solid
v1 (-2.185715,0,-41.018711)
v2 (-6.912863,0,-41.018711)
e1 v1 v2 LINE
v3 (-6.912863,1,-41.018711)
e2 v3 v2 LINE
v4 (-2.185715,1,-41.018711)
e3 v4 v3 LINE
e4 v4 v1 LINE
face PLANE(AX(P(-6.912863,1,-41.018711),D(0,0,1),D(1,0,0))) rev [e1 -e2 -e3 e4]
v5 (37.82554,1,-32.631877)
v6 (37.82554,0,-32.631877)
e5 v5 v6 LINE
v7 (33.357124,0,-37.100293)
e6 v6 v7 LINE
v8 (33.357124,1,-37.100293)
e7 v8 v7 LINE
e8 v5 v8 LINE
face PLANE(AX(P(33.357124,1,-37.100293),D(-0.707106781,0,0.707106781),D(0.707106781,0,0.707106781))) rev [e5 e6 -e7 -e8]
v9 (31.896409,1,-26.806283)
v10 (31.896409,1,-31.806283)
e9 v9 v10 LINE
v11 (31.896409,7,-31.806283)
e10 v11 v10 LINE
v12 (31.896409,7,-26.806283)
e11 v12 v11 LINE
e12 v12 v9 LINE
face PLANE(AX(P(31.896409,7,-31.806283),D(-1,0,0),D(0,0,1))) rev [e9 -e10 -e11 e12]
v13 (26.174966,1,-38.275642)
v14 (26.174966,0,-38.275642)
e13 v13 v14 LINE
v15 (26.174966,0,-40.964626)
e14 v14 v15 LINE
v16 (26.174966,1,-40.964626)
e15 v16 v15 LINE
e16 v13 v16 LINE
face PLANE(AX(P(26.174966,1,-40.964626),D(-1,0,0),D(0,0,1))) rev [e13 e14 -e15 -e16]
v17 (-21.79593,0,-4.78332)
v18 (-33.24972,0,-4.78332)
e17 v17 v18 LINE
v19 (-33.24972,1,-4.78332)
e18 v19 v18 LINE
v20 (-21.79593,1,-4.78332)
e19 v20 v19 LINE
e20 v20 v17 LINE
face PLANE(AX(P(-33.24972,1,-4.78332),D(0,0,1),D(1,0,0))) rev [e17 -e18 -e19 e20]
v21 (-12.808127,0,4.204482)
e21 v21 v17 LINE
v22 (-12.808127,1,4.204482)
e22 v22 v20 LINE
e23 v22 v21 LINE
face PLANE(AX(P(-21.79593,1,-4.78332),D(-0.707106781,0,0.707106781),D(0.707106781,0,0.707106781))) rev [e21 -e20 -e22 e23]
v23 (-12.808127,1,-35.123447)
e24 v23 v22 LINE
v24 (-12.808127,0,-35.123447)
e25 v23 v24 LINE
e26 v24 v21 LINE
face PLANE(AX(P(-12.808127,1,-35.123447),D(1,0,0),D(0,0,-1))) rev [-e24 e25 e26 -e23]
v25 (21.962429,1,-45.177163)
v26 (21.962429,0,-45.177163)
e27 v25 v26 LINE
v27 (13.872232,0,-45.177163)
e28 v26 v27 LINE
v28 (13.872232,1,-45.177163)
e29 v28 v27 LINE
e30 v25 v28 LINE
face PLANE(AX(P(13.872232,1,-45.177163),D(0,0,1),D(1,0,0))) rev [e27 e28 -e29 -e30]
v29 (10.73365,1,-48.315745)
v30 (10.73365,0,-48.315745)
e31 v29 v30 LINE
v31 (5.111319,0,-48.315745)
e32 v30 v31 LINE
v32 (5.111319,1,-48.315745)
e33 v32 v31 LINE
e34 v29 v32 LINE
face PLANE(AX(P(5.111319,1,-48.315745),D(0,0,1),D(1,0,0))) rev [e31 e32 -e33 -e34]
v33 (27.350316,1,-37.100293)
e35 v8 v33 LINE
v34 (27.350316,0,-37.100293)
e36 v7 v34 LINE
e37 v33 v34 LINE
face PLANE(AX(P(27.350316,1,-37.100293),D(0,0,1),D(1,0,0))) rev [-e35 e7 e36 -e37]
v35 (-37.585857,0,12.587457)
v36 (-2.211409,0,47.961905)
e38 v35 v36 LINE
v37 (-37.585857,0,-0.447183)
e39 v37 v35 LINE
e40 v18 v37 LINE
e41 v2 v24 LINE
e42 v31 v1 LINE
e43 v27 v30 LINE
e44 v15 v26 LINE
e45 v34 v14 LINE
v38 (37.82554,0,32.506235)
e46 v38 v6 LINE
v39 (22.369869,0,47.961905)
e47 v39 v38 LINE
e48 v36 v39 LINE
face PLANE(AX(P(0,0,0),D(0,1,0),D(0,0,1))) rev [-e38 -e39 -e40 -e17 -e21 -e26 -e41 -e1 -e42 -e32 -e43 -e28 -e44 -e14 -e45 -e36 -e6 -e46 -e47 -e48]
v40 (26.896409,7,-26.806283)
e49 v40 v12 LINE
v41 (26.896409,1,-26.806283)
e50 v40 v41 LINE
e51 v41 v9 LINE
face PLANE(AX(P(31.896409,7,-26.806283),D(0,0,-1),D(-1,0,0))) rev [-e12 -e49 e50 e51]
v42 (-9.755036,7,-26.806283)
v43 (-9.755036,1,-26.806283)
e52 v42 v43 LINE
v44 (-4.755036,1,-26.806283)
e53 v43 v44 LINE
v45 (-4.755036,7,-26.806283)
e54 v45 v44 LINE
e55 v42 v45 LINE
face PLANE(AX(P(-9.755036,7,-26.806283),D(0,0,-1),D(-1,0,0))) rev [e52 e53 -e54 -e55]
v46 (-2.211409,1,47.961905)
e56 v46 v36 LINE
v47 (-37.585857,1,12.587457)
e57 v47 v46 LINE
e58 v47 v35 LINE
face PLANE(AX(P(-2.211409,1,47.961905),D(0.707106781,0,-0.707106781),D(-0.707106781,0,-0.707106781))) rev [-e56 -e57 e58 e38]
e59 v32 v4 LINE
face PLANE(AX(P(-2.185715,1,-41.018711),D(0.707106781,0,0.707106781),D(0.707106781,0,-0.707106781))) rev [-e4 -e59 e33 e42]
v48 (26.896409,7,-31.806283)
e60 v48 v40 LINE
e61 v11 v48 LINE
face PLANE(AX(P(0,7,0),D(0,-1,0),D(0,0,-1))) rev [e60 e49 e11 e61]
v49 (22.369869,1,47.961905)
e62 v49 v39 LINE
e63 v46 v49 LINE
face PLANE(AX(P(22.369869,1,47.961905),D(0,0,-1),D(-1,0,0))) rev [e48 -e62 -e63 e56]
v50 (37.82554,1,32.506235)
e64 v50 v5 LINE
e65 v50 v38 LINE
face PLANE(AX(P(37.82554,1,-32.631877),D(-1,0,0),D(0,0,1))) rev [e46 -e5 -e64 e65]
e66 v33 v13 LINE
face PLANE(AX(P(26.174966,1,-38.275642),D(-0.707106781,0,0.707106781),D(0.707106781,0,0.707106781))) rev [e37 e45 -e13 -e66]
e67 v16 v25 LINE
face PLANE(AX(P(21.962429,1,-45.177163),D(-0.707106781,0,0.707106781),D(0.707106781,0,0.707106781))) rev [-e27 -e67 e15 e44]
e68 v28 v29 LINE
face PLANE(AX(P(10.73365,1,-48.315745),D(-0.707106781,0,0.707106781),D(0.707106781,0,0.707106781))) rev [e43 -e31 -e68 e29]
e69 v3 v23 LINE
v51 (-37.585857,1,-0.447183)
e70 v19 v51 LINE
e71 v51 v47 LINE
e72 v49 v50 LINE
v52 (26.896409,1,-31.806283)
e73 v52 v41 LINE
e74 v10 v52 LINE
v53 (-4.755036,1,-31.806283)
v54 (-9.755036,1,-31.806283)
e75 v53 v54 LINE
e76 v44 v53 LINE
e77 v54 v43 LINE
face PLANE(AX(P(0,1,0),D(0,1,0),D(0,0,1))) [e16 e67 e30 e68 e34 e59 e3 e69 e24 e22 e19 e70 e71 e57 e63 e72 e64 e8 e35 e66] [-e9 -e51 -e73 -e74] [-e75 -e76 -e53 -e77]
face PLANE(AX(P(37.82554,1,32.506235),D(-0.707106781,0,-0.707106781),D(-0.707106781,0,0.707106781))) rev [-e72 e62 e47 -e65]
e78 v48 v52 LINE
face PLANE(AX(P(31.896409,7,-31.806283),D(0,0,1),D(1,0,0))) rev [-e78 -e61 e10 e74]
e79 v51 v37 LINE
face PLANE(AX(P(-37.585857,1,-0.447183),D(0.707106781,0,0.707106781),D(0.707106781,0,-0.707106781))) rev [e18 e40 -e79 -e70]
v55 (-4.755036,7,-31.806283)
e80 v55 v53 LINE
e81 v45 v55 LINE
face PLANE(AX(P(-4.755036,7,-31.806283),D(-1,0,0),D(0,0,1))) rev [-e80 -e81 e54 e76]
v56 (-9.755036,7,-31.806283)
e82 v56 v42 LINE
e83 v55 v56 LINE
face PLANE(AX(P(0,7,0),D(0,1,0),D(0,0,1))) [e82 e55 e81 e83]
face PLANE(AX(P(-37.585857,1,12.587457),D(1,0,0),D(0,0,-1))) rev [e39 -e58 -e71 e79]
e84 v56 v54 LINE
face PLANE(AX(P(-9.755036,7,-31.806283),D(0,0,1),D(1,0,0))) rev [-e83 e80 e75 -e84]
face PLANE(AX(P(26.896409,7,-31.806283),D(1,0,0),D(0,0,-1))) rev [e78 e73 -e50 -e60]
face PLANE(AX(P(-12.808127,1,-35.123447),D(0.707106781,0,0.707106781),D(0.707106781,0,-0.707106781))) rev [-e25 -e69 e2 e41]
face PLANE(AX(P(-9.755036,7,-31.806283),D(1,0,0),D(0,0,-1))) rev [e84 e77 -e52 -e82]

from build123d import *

# Parameters (mm, degrees)
RESSALTO_EXTRUS_O1_DEPTH = 1
ESBO_O2_W                = 5
ESBO_O2_H                = 5
RESSALTO_EXTRUS_O2_DEPTH = 6


with BuildPart() as part:
    # Esboço1 → Ressalto-extrusão1 (new body)
    with BuildSketch(Plane(origin=(0, 0, 0), x_dir=(1, 0, 0), z_dir=(0, 1, 0))):
        Polygon((-21.795929641, 4.783320054), (-12.808127222, -4.204482365), (-12.808127222, 35.123446913), (-6.91286311, 41.018711025), (-2.185714729, 41.018711025), (5.111319205, 48.315744958), (10.733649893, 48.315744958), (13.872231707, 45.177163144), (21.962429244, 45.177163144), (26.174966365, 40.964626022), (26.174966365, 38.275642193), (27.35031576, 37.100292798), (33.357124102, 37.100292798), (37.825539643, 32.631877257), (37.825539643, -32.506234834), (22.369869311, -47.961905165), (-2.211409105, -47.961905165), (-37.585857198, -12.587457072), (-37.585857198, 0.447182703), (-33.249719847, 4.783320054), align=None)
    extrude(amount=RESSALTO_EXTRUS_O1_DEPTH)

    # Esboço2 → Ressalto-extrusão2 (add)
    with BuildSketch(Plane(origin=(0, 1, 0), x_dir=(1, 0, 0), z_dir=(0, 1, 0))):
        with Locations((29.396408855, 29.306282823)):
            Rectangle(ESBO_O2_W, ESBO_O2_H)
        with Locations((-7.255035982, 29.306282823)):
            Rectangle(ESBO_O2_W, ESBO_O2_H)
    extrude(amount=RESSALTO_EXTRUS_O2_DEPTH)


solid = part.part
